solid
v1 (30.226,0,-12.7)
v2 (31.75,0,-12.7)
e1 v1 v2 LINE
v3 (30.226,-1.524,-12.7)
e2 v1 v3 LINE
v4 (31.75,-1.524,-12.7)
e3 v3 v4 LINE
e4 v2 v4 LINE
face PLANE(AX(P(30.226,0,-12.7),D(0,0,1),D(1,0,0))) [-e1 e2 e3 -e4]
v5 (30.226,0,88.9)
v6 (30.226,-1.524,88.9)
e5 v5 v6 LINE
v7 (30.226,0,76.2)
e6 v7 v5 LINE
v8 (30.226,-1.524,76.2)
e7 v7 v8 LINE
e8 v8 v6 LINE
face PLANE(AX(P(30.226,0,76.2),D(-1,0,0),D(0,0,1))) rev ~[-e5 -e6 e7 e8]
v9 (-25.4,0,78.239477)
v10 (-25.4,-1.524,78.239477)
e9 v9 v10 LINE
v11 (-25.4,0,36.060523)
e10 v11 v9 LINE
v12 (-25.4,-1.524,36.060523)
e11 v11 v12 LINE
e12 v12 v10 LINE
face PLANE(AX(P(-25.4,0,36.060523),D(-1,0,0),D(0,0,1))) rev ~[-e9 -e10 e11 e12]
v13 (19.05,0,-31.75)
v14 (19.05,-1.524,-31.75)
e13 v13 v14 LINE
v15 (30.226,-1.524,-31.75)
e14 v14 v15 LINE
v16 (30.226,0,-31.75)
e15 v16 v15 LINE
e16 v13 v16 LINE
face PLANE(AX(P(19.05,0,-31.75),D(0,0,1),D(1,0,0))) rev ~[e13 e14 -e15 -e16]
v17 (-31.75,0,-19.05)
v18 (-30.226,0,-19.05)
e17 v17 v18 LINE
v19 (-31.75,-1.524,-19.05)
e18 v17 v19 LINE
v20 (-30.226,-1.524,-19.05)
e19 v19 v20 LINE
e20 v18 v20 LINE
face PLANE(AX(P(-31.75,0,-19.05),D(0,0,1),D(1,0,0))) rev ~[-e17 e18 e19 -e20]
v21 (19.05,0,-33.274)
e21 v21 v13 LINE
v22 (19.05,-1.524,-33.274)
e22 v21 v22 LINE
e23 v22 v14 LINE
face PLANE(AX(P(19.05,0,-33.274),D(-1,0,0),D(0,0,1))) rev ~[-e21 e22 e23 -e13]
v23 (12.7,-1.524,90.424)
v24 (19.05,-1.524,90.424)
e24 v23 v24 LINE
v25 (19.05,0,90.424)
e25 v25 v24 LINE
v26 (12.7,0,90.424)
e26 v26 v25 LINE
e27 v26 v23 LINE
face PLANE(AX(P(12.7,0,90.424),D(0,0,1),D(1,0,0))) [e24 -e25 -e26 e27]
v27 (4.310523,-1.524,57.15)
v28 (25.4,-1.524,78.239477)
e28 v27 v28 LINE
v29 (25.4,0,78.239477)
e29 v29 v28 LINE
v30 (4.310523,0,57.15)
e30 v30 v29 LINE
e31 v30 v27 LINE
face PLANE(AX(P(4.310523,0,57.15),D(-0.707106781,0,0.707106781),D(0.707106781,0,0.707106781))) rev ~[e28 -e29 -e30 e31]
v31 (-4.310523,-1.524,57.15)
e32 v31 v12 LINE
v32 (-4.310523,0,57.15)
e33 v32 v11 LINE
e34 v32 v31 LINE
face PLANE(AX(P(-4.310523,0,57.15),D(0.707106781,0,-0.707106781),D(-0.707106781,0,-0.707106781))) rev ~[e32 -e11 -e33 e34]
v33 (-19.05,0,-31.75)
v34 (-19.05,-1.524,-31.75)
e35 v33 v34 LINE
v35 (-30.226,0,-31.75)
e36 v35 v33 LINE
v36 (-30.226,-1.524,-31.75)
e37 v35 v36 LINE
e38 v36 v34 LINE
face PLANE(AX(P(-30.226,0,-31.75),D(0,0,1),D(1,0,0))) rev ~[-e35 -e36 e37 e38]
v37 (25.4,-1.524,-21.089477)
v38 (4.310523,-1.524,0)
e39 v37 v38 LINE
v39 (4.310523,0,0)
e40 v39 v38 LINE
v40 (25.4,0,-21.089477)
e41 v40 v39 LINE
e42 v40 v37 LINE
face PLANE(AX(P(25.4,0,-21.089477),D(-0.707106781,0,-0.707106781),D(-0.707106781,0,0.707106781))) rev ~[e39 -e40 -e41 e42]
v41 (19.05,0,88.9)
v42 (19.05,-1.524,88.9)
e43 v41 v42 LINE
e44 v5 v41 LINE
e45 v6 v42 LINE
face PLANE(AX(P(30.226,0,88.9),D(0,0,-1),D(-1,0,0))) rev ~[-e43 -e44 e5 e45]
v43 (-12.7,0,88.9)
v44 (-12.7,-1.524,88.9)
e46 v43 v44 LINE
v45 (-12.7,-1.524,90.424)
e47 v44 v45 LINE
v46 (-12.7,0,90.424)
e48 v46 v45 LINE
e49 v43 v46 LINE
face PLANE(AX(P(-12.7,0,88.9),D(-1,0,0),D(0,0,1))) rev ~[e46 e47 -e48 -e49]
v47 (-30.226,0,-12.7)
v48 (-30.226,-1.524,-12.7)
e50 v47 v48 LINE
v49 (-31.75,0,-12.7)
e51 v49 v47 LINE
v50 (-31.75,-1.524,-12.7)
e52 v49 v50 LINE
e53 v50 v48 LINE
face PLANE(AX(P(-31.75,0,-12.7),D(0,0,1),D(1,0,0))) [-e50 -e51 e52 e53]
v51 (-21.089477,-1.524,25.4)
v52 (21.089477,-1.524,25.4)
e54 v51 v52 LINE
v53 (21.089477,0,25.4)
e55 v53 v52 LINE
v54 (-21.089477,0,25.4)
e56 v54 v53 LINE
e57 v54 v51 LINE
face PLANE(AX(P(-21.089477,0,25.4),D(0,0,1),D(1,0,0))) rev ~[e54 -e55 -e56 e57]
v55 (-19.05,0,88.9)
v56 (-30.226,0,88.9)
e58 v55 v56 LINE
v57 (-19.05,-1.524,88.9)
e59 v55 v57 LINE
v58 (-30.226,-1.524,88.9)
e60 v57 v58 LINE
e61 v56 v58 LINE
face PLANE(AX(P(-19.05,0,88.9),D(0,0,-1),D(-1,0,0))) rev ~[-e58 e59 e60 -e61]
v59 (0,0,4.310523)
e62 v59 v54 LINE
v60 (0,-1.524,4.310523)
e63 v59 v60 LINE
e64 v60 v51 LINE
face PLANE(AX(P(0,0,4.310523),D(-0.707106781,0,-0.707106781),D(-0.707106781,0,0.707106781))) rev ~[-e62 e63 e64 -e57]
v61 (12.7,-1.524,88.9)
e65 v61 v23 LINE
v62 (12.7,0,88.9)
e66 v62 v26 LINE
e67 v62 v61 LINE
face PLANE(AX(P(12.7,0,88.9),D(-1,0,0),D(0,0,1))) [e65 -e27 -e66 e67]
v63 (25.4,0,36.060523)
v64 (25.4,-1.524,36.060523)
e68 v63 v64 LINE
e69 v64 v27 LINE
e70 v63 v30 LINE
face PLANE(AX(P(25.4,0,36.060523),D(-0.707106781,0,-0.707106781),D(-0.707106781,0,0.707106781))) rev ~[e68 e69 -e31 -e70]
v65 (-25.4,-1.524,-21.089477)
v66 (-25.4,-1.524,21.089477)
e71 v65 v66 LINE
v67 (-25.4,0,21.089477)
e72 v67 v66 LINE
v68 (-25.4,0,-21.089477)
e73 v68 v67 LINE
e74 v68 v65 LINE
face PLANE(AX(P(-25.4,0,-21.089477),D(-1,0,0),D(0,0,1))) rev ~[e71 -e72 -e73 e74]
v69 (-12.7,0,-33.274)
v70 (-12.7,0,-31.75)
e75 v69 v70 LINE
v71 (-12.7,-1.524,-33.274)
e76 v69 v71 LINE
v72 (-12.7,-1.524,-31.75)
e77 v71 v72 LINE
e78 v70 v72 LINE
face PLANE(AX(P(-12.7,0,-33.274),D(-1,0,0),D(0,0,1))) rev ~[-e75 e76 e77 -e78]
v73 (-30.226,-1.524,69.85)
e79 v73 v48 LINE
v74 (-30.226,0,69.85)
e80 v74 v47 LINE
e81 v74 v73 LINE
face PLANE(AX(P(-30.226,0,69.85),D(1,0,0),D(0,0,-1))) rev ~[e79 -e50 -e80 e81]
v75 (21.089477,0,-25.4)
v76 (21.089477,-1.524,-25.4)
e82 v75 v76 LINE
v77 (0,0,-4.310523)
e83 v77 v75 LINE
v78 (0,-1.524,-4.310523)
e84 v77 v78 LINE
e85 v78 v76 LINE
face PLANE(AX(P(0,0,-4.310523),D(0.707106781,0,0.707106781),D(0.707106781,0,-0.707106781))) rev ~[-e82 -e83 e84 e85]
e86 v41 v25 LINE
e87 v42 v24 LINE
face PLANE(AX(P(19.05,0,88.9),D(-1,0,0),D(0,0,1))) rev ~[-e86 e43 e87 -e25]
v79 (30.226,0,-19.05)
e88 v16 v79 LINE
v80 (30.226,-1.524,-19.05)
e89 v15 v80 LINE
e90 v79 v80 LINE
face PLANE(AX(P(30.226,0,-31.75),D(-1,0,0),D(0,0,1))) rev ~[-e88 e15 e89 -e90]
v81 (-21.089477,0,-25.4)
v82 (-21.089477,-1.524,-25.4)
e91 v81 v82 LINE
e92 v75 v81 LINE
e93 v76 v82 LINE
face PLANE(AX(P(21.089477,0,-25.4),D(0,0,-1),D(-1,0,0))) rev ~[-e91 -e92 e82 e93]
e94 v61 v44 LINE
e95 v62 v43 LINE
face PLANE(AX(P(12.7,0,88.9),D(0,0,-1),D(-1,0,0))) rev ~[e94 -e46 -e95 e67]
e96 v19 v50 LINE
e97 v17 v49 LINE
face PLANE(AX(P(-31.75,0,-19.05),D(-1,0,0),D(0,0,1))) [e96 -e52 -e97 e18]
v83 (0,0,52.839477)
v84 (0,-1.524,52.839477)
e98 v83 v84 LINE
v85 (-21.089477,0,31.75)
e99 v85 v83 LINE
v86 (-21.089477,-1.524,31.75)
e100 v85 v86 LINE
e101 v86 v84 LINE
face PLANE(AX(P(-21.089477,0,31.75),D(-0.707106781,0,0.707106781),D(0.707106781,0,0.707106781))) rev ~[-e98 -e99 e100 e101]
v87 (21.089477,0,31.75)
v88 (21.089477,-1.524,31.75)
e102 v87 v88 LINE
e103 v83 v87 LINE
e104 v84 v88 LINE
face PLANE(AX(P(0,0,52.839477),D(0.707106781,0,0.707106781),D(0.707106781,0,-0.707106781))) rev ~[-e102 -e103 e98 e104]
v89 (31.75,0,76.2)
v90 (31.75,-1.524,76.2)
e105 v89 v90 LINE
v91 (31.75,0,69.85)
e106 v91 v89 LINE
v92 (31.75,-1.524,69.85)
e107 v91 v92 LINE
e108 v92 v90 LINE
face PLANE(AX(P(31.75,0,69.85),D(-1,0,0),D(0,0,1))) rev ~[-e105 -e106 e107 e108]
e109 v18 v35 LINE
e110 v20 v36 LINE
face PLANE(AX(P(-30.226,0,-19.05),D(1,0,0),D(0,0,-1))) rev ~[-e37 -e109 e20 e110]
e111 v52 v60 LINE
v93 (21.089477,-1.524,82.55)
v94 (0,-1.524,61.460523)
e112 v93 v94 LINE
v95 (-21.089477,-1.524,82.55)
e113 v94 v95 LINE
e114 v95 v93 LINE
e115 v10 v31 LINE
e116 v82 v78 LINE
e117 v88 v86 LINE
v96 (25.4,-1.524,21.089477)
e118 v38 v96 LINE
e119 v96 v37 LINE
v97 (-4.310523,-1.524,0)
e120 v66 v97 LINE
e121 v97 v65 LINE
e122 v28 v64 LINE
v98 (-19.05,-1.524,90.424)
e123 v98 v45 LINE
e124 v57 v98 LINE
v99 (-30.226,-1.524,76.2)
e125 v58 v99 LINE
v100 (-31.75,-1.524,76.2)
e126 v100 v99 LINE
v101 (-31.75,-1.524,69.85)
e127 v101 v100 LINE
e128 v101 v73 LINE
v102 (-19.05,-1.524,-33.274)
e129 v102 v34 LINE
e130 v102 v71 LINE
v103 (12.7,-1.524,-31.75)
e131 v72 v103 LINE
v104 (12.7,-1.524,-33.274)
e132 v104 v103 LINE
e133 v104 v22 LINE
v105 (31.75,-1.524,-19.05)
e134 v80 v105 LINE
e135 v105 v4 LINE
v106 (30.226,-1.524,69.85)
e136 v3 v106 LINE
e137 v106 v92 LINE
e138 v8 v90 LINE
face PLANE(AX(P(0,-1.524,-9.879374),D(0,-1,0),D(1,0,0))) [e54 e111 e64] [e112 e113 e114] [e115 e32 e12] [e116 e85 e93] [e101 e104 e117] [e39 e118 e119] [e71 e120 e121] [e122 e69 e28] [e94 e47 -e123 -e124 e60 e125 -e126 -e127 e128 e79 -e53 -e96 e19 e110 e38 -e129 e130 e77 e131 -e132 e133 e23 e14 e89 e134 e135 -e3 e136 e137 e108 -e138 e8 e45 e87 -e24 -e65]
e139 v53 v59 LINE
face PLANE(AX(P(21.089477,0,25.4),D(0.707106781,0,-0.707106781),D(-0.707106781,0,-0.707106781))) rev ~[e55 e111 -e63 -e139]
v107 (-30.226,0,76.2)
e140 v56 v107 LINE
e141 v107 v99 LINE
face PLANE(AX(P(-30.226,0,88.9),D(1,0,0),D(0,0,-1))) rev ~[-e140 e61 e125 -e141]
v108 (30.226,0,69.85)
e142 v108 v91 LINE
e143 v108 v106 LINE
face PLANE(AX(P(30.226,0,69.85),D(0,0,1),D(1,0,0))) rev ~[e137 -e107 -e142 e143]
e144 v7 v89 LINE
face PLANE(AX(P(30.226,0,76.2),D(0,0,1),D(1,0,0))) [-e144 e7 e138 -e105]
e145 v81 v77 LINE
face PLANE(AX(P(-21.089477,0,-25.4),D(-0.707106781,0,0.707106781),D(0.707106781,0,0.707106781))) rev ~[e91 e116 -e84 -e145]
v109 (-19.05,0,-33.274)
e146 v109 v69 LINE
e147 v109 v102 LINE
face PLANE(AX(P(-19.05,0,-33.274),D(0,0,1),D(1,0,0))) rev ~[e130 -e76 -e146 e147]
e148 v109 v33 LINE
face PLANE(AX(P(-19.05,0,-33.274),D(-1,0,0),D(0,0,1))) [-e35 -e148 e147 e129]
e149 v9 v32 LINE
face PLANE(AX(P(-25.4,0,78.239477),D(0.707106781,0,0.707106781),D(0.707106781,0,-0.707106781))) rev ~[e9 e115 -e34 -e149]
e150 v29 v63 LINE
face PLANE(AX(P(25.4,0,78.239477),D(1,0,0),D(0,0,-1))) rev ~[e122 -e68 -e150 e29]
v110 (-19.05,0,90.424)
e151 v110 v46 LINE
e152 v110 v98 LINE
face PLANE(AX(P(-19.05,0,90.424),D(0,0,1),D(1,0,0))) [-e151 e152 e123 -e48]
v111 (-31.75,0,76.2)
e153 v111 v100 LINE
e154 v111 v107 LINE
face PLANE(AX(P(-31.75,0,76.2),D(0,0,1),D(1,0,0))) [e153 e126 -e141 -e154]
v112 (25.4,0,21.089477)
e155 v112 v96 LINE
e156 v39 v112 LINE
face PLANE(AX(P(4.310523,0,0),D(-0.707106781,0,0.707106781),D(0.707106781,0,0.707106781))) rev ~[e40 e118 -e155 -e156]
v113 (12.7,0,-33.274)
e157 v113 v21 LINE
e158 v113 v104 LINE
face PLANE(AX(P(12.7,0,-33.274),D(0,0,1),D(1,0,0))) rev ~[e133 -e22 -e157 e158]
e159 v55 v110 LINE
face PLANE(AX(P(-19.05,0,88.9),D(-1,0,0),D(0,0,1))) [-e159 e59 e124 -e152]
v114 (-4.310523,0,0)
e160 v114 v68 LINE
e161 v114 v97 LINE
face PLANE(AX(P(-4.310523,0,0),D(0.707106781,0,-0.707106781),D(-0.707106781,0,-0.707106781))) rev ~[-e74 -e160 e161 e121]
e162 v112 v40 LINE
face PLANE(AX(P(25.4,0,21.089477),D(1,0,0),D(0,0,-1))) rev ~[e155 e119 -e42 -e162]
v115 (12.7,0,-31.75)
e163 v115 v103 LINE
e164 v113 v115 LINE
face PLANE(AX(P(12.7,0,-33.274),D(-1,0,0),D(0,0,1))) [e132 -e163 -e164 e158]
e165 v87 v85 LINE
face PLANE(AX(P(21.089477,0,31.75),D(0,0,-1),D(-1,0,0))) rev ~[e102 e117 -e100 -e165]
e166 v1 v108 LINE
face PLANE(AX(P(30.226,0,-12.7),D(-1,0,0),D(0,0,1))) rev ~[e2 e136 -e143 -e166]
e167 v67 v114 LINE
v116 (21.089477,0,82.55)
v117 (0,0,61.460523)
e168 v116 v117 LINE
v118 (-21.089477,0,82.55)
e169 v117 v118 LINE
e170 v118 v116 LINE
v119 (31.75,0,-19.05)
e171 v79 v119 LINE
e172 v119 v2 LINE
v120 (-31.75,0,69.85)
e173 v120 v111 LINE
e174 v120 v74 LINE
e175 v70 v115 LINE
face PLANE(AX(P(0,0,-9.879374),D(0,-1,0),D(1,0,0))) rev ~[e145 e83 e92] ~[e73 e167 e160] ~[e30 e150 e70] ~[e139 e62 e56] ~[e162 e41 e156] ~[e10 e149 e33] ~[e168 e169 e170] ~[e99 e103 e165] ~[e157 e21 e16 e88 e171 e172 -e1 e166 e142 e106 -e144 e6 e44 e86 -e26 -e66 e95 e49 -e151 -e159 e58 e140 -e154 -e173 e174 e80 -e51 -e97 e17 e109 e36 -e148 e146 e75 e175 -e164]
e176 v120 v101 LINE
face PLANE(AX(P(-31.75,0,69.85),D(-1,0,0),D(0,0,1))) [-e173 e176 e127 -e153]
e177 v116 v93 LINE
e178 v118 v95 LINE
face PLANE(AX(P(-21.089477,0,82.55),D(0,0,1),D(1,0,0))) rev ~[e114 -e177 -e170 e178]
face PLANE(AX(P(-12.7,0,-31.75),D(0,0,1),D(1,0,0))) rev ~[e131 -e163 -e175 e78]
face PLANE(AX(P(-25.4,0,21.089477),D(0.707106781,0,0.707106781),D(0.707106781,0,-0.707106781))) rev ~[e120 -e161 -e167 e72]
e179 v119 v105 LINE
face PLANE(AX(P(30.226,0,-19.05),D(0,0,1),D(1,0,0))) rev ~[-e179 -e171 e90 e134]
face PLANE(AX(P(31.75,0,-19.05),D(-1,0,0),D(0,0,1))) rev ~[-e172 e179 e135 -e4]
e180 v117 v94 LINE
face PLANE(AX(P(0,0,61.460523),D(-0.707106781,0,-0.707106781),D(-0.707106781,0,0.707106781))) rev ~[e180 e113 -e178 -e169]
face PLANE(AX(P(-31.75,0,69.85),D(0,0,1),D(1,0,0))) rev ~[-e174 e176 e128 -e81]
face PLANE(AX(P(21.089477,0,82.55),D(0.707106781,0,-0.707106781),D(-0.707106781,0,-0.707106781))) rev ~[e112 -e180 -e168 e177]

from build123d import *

# Parameters (mm, degrees)
F0_W     = 1.524
F0_H     = 6.35
F0_W_2   = 6.35
F0_H_2   = 1.524
F1_DEPTH = 1.524


with BuildPart() as f1:
    # F0 (on Front) → F1 (new body)
    with BuildSketch(Plane.XZ):
        Polygon((30.226, 19.05), (30.226, 25.4), (25.4, 25.4), (25.4, 21.0894770619), (25.4, -21.0894770619), (25.4, -25.4), (21.0894770619, -25.4), (-21.0894770619, -25.4), (-25.4, -25.4), (-25.4, -21.0894770619), (-25.4, 21.0894770619), (-25.4, 25.4), (-30.226, 25.4), (-30.226, 19.05), (-30.226, 12.7), (-30.226, -12.7), (-30.226, -19.05), (-30.226, -31.75), (-19.05, -31.75), (-12.7, -31.75), (12.7, -31.75), (19.05, -31.75), (30.226, -31.75), (30.226, -19.05), (30.226, -12.7), (30.226, 12.7), align=None)
        with Locations((-30.988, -15.875)):
            Rectangle(F0_W, F0_H)
        with Locations((-15.875, -32.512)):
            Rectangle(F0_W_2, F0_H_2)
        with Locations((15.875, -32.512)):
            Rectangle(F0_W_2, F0_H_2)
        Polygon((25.4, -25.4), (25.4, -21.0894770619), (4.3105229381, 0), (0, -4.3105229381), (21.0894770619, -25.4), align=None)
        Polygon((4.3105229381, 0), (0, 4.3105229381), (-4.3105229381, 0), (0, -4.3105229381), align=None)
        Polygon((25.4, 21.0894770619), (25.4, 25.4), (21.0894770619, 25.4), (0, 4.3105229381), (4.3105229381, 0), align=None)
        Polygon((-4.3105229381, 0), (0, 4.3105229381), (-21.0894770619, 25.4), (-25.4, 25.4), (-25.4, 21.0894770619), align=None)
        Polygon((0, -4.3105229381), (-4.3105229381, 0), (-25.4, -21.0894770619), (-25.4, -25.4), (-21.0894770619, -25.4), align=None)
        Polygon((-19.05, 31.75), (-21.0894770619, 31.75), (-25.4, 31.75), (-30.226, 31.75), (-30.226, 25.4), (-25.4, 25.4), (-21.0894770619, 25.4), (-19.05, 25.4), (-19.05, 26.924), (-12.7, 26.924), (-12.7, 25.4), (0, 25.4), (0, 31.75), (-12.7, 31.75), (-12.7, 30.226), (-19.05, 30.226), align=None)
        with Locations((-15.875, 26.162)):
            Rectangle(F0_W_2, F0_H_2)
        Polygon((30.226, 25.4), (30.226, 31.75), (25.4, 31.75), (21.0894770619, 31.75), (19.05, 31.75), (19.05, 30.226), (12.7, 30.226), (12.7, 31.75), (0, 31.75), (0, 25.4), (12.7, 25.4), (12.7, 26.924), (19.05, 26.924), (19.05, 25.4), (21.0894770619, 25.4), (25.4, 25.4), align=None)
        with Locations((15.875, 26.162)):
            Rectangle(F0_W_2, F0_H_2)
        with Locations((15.875, 30.988)):
            Rectangle(F0_W_2, F0_H_2)
        Polygon((25.4, 31.75), (30.226, 31.75), (30.226, 38.1), (30.226, 44.45), (30.226, 69.85), (30.226, 76.2), (30.226, 88.9), (19.05, 88.9), (12.7, 88.9), (-12.7, 88.9), (-19.05, 88.9), (-30.226, 88.9), (-30.226, 76.2), (-30.226, 69.85), (-30.226, 44.45), (-30.226, 38.1), (-30.226, 31.75), (-25.4, 31.75), (-25.4, 36.0605229381), (-25.4, 78.2394770619), (-25.4, 82.55), (-21.0894770619, 82.55), (21.0894770619, 82.55), (25.4, 82.55), (25.4, 78.2394770619), (25.4, 36.0605229381), align=None)
        Polygon((-21.0894770619, 31.75), (0, 52.8394770619), (-4.3105229381, 57.15), (-25.4, 36.0605229381), (-25.4, 31.75), align=None)
        Polygon((-4.3105229381, 57.15), (0, 52.8394770619), (4.3105229381, 57.15), (0, 61.4605229381), align=None)
        Polygon((0, 61.4605229381), (4.3105229381, 57.15), (25.4, 78.2394770619), (25.4, 82.55), (21.0894770619, 82.55), align=None)
        Polygon((21.0894770619, 31.75), (25.4, 31.75), (25.4, 36.0605229381), (4.3105229381, 57.15), (0, 52.8394770619), align=None)
        Polygon((-25.4, 78.2394770619), (-4.3105229381, 57.15), (0, 61.4605229381), (-21.0894770619, 82.55), (-25.4, 82.55), align=None)
        with Locations((15.875, 89.662)):
            Rectangle(F0_W_2, F0_H_2)
        with Locations((-15.875, 89.662)):
            Rectangle(F0_W_2, F0_H_2)
        with Locations((-30.988, 73.025)):
            Rectangle(F0_W, F0_H)
        with Locations((30.988, 73.025)):
            Rectangle(F0_W, F0_H)
        with Locations((30.988, -15.875)):
            Rectangle(F0_W, F0_H)
        with Locations((-15.875, 30.988)):
            Rectangle(F0_W_2, F0_H_2)
    extrude(amount=F1_DEPTH)


solid = f1.part
